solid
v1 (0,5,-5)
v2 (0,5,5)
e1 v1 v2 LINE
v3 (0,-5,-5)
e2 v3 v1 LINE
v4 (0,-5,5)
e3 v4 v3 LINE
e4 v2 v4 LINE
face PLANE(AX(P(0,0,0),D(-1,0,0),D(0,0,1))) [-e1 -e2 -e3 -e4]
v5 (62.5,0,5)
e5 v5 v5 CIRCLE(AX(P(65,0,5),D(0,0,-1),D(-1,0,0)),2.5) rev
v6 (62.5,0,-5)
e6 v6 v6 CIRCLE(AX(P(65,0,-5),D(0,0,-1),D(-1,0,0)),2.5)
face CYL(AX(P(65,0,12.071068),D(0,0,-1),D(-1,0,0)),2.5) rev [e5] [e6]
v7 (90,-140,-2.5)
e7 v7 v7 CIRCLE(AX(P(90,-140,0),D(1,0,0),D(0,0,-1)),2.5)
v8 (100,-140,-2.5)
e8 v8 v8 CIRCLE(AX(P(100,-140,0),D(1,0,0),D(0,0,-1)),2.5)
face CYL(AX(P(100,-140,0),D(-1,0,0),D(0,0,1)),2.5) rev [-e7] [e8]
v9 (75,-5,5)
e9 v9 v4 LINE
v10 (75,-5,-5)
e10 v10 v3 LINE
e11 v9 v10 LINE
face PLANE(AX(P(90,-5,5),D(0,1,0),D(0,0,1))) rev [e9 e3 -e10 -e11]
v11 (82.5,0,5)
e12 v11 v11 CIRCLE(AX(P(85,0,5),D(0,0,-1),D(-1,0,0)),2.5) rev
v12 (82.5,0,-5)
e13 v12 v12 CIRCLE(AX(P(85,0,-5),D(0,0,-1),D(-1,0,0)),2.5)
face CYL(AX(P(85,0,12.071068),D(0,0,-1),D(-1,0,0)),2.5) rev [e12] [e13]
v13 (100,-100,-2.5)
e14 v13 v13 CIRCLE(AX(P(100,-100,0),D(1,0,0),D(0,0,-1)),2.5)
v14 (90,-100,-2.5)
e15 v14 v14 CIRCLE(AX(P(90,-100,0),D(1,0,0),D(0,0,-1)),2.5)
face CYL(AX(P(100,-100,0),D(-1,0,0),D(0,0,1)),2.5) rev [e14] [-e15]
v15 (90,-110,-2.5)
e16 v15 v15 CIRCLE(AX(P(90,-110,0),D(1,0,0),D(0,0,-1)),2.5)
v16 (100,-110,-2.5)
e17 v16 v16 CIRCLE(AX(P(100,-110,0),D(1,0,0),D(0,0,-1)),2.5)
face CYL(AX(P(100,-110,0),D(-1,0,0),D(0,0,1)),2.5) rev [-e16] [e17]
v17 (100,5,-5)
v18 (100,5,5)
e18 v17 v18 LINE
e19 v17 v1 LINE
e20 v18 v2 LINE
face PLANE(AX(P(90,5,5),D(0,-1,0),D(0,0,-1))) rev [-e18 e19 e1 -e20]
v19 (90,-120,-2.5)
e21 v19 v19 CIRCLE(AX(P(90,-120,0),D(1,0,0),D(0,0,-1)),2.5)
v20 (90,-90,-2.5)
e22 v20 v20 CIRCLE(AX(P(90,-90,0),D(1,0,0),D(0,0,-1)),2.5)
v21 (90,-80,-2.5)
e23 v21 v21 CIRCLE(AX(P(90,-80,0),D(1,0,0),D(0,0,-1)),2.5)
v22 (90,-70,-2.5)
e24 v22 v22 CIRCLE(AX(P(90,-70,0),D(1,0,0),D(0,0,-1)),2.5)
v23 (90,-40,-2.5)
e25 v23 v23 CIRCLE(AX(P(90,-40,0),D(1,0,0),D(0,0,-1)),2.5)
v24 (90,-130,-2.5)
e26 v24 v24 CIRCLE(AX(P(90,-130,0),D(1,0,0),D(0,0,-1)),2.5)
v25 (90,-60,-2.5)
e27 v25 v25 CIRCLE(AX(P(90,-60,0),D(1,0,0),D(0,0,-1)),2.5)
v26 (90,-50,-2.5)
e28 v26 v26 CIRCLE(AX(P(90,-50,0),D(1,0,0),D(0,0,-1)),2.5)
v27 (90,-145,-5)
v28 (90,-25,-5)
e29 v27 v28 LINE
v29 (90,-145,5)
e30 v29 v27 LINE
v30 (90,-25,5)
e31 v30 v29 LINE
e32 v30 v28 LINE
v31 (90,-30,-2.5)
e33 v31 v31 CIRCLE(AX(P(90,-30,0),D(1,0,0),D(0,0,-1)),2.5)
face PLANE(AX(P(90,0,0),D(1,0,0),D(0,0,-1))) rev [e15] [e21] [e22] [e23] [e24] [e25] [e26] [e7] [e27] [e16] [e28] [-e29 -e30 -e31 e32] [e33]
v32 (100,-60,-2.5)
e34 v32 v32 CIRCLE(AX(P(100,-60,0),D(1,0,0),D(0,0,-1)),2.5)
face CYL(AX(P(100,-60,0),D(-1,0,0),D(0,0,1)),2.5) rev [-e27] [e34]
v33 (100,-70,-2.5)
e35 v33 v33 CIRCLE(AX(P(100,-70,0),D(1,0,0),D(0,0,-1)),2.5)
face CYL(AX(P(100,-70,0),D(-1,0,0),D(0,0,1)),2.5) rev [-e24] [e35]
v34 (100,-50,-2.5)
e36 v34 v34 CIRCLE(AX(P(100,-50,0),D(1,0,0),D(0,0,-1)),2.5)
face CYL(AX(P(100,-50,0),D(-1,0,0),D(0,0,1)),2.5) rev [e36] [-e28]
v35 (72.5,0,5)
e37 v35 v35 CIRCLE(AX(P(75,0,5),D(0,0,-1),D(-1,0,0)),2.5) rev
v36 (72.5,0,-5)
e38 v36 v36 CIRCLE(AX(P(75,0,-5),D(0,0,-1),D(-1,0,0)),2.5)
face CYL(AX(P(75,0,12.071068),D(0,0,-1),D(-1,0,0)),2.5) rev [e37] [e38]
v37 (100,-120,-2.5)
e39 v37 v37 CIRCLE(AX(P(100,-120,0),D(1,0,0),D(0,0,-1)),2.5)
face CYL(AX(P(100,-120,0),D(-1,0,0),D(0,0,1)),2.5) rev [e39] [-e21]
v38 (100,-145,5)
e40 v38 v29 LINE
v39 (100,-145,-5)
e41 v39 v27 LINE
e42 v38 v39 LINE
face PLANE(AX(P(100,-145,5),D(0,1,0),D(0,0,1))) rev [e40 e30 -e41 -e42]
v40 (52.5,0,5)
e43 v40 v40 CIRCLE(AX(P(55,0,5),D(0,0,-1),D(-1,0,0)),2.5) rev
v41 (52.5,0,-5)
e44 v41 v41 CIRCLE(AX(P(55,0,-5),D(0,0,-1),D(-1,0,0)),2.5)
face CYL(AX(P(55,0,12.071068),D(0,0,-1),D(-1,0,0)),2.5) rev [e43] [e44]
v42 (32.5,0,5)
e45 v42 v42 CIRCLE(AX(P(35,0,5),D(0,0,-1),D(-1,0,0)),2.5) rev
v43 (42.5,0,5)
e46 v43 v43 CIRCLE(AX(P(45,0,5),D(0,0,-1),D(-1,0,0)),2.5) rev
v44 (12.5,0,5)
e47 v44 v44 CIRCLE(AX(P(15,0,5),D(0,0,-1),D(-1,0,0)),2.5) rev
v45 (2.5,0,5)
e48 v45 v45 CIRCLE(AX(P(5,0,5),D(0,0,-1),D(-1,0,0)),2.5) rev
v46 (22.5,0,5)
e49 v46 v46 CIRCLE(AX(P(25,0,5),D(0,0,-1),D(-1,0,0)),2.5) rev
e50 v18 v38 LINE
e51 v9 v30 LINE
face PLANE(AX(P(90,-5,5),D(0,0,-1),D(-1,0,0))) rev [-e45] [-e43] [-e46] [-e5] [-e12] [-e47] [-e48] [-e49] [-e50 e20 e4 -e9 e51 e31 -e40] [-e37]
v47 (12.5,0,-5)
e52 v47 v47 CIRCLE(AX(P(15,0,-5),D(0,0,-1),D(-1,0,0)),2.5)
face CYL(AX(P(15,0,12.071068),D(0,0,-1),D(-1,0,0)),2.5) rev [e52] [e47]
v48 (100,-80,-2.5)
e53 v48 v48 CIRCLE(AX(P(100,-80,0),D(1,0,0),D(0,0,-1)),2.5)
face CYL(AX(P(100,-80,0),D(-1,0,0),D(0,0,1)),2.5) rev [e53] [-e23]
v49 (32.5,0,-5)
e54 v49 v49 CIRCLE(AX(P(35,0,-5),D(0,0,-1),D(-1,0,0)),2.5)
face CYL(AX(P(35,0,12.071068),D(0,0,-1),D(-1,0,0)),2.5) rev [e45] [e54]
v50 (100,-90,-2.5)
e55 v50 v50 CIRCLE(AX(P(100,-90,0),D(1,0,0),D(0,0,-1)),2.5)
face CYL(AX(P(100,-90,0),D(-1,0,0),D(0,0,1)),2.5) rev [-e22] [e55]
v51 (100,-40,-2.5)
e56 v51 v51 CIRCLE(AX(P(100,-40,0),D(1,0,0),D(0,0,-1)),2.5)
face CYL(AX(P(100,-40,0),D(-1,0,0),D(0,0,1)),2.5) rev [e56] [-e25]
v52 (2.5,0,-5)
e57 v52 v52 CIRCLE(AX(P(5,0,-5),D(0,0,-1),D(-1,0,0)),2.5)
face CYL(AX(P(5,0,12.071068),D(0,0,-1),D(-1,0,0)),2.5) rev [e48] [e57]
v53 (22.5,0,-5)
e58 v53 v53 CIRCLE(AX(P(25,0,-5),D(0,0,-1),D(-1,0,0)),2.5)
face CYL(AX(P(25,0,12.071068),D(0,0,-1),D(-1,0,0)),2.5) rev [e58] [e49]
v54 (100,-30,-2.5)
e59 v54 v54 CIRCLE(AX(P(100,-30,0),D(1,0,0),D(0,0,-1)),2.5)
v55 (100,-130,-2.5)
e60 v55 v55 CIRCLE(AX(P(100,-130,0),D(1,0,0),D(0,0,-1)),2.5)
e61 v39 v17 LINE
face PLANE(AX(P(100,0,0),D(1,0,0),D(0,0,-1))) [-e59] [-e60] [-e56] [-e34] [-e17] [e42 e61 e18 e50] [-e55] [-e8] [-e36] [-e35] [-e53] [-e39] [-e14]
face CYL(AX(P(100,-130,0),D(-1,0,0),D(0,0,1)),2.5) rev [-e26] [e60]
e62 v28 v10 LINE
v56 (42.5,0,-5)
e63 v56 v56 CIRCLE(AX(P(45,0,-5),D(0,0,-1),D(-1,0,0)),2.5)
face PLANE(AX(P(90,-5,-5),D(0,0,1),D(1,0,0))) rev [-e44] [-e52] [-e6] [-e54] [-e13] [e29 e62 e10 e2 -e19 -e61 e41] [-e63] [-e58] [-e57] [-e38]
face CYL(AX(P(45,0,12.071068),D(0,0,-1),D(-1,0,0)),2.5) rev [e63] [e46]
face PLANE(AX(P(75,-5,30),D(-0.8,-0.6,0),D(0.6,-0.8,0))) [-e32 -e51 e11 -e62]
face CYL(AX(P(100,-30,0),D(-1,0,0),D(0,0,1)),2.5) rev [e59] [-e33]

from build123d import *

# Parameters (mm, degrees)
ESQUISSE2_W             = 10
ESQUISSE2_H             = 10
BOSS_EXTRU_1_DEPTH      = 90
ESQUISSE3_W             = 10
ESQUISSE3_H             = 150
ESQUISSE3_R             = 2.5
BOSS_EXTRU_2_DEPTH      = 10
ESQUISSE4_R             = 2.5
ENL_V_MAT_EXTRU_1_DEPTH = 10
BOSS_EXTRU_3_DEPTH      = 10


with BuildPart() as part:
    # Esquisse2 → Boss.-Extru.1 (new body)
    with BuildSketch(Plane(origin=(0, 0, 0), x_dir=(0, 0, -1), z_dir=(1, 0, 0))):
        Rectangle(ESQUISSE2_W, ESQUISSE2_H)
    extrude(amount=BOSS_EXTRU_1_DEPTH)

    # Esquisse3 → Boss.-Extru.2 (add)
    with BuildSketch(Plane(origin=(90, 0, 0), x_dir=(0, 0, -1), z_dir=(1, 0, 0))):
        with Locations((0, -70)):
            Rectangle(ESQUISSE3_W, ESQUISSE3_H)
        with Locations((0, -140)):
            Circle(ESQUISSE3_R, mode=Mode.SUBTRACT)
        with Locations((0, -130)):
            Circle(ESQUISSE3_R, mode=Mode.SUBTRACT)
        with Locations((0, -120)):
            Circle(ESQUISSE3_R, mode=Mode.SUBTRACT)
        with Locations((0, -110)):
            Circle(ESQUISSE3_R, mode=Mode.SUBTRACT)
        with Locations((0, -100)):
            Circle(ESQUISSE3_R, mode=Mode.SUBTRACT)
        with Locations((0, -90)):
            Circle(ESQUISSE3_R, mode=Mode.SUBTRACT)
        with Locations((0, -80)):
            Circle(ESQUISSE3_R, mode=Mode.SUBTRACT)
        with Locations((0, -70)):
            Circle(ESQUISSE3_R, mode=Mode.SUBTRACT)
        with Locations((0, -60)):
            Circle(ESQUISSE3_R, mode=Mode.SUBTRACT)
        with Locations((0, -50)):
            Circle(ESQUISSE3_R, mode=Mode.SUBTRACT)
        with Locations((0, -40)):
            Circle(ESQUISSE3_R, mode=Mode.SUBTRACT)
        with Locations((0, -30)):
            Circle(ESQUISSE3_R, mode=Mode.SUBTRACT)
    extrude(amount=BOSS_EXTRU_2_DEPTH)

    # Esquisse4 → Enlèv. mat.-Extru.1 (cut)
    with BuildSketch(Plane(origin=(0, 0, -5), x_dir=(-1, 0, 0), z_dir=(0, 0, -1))):
        with Locations((-5, 0)):
            Circle(ESQUISSE4_R)
        with Locations((-15, 0)):
            Circle(ESQUISSE4_R)
        with Locations((-25, 0)):
            Circle(ESQUISSE4_R)
        with Locations((-35, 0)):
            Circle(ESQUISSE4_R)
        with Locations((-45, 0)):
            Circle(ESQUISSE4_R)
        with Locations((-55, 0)):
            Circle(ESQUISSE4_R)
        with Locations((-65, 0)):
            Circle(ESQUISSE4_R)
        with Locations((-75, 0)):
            Circle(ESQUISSE4_R)
        with Locations((-85, 0)):
            Circle(ESQUISSE4_R)
    extrude(amount=-ENL_V_MAT_EXTRU_1_DEPTH, mode=Mode.SUBTRACT)

    # Esquisse5 → Boss.-Extru.3 (add)
    with BuildSketch(Plane(origin=(0, 0, -5), x_dir=(-1, 0, 0), z_dir=(0, 0, -1))):
        Polygon((-75, -5), (-90, -25), (-90, -5), align=None)
    extrude(amount=-BOSS_EXTRU_3_DEPTH)


solid = part.part
